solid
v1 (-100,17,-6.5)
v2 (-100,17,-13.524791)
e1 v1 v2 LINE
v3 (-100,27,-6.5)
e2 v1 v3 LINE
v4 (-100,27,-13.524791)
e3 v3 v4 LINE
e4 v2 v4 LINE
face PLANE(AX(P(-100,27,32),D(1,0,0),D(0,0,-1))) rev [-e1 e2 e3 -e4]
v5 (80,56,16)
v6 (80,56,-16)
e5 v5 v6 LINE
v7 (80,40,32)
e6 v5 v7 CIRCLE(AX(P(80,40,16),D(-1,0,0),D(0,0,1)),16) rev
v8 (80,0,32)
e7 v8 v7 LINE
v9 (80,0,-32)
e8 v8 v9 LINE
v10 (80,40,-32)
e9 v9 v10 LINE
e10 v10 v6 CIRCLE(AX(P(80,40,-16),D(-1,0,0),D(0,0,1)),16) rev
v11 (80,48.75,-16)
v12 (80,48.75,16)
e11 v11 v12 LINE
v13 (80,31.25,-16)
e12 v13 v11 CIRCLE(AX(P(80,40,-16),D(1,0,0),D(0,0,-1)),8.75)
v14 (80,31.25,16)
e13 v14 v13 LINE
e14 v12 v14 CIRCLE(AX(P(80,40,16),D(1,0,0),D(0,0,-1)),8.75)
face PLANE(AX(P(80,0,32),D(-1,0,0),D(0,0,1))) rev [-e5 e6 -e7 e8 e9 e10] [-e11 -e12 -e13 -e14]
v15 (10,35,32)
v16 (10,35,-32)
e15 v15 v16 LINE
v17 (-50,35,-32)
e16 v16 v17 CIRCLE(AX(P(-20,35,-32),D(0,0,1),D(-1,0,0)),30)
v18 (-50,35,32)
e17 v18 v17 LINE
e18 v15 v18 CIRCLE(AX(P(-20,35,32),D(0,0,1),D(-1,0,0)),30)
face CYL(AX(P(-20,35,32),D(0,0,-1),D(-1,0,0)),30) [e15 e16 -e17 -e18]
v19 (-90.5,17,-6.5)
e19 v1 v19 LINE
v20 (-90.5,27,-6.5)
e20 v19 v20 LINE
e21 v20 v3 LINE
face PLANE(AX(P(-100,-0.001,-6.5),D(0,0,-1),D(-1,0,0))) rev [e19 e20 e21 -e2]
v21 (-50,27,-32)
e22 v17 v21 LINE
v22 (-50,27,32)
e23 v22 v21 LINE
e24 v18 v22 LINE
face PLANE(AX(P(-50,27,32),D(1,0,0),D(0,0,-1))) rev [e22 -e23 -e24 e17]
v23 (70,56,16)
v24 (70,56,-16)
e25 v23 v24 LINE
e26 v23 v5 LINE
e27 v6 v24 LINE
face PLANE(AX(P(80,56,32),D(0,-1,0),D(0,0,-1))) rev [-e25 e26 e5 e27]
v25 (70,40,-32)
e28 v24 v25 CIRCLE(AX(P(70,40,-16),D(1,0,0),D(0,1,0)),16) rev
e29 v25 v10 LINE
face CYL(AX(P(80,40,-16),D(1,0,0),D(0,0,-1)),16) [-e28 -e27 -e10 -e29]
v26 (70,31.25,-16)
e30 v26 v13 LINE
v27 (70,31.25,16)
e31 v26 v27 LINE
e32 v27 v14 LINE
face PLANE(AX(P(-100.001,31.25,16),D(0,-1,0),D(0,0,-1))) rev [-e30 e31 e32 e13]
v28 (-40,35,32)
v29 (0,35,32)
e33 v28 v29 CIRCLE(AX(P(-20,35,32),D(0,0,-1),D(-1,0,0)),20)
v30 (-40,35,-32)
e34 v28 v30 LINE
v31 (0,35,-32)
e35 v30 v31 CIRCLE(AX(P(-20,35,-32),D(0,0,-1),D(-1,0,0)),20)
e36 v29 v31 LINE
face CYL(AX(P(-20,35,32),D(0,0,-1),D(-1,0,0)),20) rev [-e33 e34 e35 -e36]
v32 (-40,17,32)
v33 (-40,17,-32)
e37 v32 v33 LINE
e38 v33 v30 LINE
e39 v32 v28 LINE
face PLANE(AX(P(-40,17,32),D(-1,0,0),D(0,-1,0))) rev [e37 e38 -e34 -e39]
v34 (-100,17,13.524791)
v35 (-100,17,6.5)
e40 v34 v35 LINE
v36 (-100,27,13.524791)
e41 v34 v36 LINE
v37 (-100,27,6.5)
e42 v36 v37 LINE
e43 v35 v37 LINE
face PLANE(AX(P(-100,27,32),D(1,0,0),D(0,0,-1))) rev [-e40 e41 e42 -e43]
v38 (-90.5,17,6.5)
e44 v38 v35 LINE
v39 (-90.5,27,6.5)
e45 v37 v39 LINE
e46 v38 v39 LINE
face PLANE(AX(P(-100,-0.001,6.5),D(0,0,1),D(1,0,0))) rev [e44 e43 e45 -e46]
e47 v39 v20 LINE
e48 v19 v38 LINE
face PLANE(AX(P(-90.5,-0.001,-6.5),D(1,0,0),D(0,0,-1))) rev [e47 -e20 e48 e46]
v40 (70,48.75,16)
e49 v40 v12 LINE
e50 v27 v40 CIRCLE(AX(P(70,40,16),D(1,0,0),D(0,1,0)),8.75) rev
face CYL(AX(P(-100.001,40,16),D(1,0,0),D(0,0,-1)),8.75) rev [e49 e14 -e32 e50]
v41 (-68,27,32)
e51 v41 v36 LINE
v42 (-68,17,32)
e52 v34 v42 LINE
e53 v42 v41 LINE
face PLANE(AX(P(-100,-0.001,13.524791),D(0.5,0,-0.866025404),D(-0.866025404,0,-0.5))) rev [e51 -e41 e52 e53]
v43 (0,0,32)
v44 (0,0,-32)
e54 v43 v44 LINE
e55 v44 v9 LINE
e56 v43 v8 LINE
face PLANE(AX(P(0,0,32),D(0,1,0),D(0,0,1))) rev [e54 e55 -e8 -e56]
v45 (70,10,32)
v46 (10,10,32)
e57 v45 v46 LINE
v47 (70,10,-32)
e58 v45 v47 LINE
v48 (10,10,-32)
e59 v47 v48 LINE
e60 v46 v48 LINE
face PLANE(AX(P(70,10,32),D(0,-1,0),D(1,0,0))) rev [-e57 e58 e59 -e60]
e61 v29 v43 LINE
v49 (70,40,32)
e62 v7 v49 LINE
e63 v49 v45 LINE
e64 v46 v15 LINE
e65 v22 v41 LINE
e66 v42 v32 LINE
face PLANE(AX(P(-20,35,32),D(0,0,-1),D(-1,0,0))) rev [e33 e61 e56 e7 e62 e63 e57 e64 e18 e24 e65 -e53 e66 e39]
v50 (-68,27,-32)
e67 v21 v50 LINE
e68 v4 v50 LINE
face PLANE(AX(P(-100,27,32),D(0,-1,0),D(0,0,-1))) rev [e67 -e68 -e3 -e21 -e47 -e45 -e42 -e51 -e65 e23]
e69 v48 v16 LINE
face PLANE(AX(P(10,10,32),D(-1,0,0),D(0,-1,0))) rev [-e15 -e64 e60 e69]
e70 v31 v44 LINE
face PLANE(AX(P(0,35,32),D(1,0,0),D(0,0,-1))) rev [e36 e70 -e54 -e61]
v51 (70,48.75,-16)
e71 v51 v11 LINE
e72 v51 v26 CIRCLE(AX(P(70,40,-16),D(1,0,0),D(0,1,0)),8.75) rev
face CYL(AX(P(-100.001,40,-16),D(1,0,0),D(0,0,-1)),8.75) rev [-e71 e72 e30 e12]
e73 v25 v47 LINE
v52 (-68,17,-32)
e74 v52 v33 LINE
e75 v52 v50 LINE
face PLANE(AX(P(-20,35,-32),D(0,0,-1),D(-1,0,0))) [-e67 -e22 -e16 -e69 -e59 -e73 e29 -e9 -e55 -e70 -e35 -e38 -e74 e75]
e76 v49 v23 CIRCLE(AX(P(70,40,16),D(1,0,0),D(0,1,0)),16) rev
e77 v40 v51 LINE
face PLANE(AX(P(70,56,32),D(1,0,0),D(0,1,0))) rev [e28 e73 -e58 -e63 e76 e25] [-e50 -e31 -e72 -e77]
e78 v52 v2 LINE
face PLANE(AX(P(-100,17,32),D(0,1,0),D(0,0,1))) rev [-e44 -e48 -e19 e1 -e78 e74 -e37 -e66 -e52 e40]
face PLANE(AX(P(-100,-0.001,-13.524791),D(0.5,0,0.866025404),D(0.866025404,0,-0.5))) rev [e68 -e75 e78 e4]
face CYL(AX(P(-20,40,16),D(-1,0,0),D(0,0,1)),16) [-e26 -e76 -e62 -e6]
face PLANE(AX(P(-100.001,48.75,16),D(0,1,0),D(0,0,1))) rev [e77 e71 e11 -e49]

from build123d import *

# Parameters (mm, degrees)
SALIENTE_EXTRUIR1_DEPTH = 32
CORTAR_EXTRUIR1_REACH   = 113.66
CROQUIS2_W              = 9.5
CROQUIS2_H              = 13
CORTAR_EXTRUIR2_REACH   = 196.034
REDONDEO2_R             = 16


with BuildPart() as part:
    # Croquis1 → Saliente-Extruir1 (new, symmetric)
    with BuildSketch(Plane.XY):
        with BuildLine():
            Line((-100, 27), (-100, 17))
            Line((-100, 17), (-40, 17))
            Line((-40, 17), (-40, 35))
            ThreePointArc((-40, 35), (-20, 55), (0, 35))
            Line((0, 35), (0, 0))
            Line((0, 0), (80, 0))
            Line((80, 0), (80, 56))
            Line((80, 56), (70, 56))
            Line((70, 56), (70, 10))
            Line((70, 10), (10, 10))
            Line((10, 10), (10, 35))
            ThreePointArc((10, 35), (-20, 65), (-50, 35))
            Line((-50, 35), (-50, 27))
            Line((-50, 27), (-100, 27))
        make_face()
    extrude(amount=SALIENTE_EXTRUIR1_DEPTH, both=True)

    # Croquis2 → Cortar-Extruir1 (cut, up to next)
    with BuildSketch(Plane(origin=(0, 27, 0), x_dir=(1, 0, 0), z_dir=(0, 1, 0)), mode=Mode.PRIVATE) as cortar_extruir1_sk1:
        Polygon((-100, 13.524791386), (-68, 32), (-100, 32), align=None)
    cortar_extruir1_tool1 = extrude(cortar_extruir1_sk1.sketch, amount=-CORTAR_EXTRUIR1_REACH, mode=Mode.PRIVATE) & part.part
    # Croquis2 → Cortar-Extruir1 (cut, up to next)
    with BuildSketch(Plane(origin=(0, 27, 0), x_dir=(1, 0, 0), z_dir=(0, 1, 0)), mode=Mode.PRIVATE) as cortar_extruir1_sk2:
        with Locations((-95.25, 0)):
            Rectangle(CROQUIS2_W, CROQUIS2_H)
    cortar_extruir1_tool2 = extrude(cortar_extruir1_sk2.sketch, amount=-CORTAR_EXTRUIR1_REACH, mode=Mode.PRIVATE) & part.part
    # Croquis2 → Cortar-Extruir1 (cut, up to next)
    with BuildSketch(Plane(origin=(0, 27, 0), x_dir=(1, 0, 0), z_dir=(0, 1, 0)), mode=Mode.PRIVATE) as cortar_extruir1_sk3:
        Polygon((-100, -13.524791386), (-100, -32), (-68, -32), align=None)
    cortar_extruir1_tool3 = extrude(cortar_extruir1_sk3.sketch, amount=-CORTAR_EXTRUIR1_REACH, mode=Mode.PRIVATE) & part.part
    add(cortar_extruir1_tool1.solids().sort_by_distance((-89.333333, 27, -25.841597))[0], mode=Mode.SUBTRACT)
    add(cortar_extruir1_tool2.solids().sort_by_distance((-95.25, 27, 0))[0], mode=Mode.SUBTRACT)
    add(cortar_extruir1_tool3.solids().sort_by_distance((-89.333333, 27, 25.841597))[0], mode=Mode.SUBTRACT)

    # Croquis4 → Cortar-Extruir2 (cut, up to next)
    with BuildSketch(Plane(origin=(80, 0, 0), x_dir=(0, 0, -1), z_dir=(1, 0, 0)), mode=Mode.PRIVATE) as cortar_extruir2_sk1:
        with BuildLine():
            Line((-16, 48.75), (16, 48.75))
            ThreePointArc((16, 48.75), (24.75, 40), (16, 31.25))
            Line((16, 31.25), (-16, 31.25))
            ThreePointArc((-16, 31.25), (-24.75, 40), (-16, 48.75))
        make_face()
    cortar_extruir2_tool1 = extrude(cortar_extruir2_sk1.sketch, amount=-CORTAR_EXTRUIR2_REACH, mode=Mode.PRIVATE) & part.part
    add(cortar_extruir2_tool1.solids().sort_by_distance((80, 40, 0))[0], mode=Mode.SUBTRACT)

    # Redondeo2
    redondeo2_edges = [part.edges().sort_by_distance(p)[0] for p in [
        (75, 56, -32),
        (75, 56, 32),
    ]]
    fillet(redondeo2_edges, radius=REDONDEO2_R)


solid = part.part
